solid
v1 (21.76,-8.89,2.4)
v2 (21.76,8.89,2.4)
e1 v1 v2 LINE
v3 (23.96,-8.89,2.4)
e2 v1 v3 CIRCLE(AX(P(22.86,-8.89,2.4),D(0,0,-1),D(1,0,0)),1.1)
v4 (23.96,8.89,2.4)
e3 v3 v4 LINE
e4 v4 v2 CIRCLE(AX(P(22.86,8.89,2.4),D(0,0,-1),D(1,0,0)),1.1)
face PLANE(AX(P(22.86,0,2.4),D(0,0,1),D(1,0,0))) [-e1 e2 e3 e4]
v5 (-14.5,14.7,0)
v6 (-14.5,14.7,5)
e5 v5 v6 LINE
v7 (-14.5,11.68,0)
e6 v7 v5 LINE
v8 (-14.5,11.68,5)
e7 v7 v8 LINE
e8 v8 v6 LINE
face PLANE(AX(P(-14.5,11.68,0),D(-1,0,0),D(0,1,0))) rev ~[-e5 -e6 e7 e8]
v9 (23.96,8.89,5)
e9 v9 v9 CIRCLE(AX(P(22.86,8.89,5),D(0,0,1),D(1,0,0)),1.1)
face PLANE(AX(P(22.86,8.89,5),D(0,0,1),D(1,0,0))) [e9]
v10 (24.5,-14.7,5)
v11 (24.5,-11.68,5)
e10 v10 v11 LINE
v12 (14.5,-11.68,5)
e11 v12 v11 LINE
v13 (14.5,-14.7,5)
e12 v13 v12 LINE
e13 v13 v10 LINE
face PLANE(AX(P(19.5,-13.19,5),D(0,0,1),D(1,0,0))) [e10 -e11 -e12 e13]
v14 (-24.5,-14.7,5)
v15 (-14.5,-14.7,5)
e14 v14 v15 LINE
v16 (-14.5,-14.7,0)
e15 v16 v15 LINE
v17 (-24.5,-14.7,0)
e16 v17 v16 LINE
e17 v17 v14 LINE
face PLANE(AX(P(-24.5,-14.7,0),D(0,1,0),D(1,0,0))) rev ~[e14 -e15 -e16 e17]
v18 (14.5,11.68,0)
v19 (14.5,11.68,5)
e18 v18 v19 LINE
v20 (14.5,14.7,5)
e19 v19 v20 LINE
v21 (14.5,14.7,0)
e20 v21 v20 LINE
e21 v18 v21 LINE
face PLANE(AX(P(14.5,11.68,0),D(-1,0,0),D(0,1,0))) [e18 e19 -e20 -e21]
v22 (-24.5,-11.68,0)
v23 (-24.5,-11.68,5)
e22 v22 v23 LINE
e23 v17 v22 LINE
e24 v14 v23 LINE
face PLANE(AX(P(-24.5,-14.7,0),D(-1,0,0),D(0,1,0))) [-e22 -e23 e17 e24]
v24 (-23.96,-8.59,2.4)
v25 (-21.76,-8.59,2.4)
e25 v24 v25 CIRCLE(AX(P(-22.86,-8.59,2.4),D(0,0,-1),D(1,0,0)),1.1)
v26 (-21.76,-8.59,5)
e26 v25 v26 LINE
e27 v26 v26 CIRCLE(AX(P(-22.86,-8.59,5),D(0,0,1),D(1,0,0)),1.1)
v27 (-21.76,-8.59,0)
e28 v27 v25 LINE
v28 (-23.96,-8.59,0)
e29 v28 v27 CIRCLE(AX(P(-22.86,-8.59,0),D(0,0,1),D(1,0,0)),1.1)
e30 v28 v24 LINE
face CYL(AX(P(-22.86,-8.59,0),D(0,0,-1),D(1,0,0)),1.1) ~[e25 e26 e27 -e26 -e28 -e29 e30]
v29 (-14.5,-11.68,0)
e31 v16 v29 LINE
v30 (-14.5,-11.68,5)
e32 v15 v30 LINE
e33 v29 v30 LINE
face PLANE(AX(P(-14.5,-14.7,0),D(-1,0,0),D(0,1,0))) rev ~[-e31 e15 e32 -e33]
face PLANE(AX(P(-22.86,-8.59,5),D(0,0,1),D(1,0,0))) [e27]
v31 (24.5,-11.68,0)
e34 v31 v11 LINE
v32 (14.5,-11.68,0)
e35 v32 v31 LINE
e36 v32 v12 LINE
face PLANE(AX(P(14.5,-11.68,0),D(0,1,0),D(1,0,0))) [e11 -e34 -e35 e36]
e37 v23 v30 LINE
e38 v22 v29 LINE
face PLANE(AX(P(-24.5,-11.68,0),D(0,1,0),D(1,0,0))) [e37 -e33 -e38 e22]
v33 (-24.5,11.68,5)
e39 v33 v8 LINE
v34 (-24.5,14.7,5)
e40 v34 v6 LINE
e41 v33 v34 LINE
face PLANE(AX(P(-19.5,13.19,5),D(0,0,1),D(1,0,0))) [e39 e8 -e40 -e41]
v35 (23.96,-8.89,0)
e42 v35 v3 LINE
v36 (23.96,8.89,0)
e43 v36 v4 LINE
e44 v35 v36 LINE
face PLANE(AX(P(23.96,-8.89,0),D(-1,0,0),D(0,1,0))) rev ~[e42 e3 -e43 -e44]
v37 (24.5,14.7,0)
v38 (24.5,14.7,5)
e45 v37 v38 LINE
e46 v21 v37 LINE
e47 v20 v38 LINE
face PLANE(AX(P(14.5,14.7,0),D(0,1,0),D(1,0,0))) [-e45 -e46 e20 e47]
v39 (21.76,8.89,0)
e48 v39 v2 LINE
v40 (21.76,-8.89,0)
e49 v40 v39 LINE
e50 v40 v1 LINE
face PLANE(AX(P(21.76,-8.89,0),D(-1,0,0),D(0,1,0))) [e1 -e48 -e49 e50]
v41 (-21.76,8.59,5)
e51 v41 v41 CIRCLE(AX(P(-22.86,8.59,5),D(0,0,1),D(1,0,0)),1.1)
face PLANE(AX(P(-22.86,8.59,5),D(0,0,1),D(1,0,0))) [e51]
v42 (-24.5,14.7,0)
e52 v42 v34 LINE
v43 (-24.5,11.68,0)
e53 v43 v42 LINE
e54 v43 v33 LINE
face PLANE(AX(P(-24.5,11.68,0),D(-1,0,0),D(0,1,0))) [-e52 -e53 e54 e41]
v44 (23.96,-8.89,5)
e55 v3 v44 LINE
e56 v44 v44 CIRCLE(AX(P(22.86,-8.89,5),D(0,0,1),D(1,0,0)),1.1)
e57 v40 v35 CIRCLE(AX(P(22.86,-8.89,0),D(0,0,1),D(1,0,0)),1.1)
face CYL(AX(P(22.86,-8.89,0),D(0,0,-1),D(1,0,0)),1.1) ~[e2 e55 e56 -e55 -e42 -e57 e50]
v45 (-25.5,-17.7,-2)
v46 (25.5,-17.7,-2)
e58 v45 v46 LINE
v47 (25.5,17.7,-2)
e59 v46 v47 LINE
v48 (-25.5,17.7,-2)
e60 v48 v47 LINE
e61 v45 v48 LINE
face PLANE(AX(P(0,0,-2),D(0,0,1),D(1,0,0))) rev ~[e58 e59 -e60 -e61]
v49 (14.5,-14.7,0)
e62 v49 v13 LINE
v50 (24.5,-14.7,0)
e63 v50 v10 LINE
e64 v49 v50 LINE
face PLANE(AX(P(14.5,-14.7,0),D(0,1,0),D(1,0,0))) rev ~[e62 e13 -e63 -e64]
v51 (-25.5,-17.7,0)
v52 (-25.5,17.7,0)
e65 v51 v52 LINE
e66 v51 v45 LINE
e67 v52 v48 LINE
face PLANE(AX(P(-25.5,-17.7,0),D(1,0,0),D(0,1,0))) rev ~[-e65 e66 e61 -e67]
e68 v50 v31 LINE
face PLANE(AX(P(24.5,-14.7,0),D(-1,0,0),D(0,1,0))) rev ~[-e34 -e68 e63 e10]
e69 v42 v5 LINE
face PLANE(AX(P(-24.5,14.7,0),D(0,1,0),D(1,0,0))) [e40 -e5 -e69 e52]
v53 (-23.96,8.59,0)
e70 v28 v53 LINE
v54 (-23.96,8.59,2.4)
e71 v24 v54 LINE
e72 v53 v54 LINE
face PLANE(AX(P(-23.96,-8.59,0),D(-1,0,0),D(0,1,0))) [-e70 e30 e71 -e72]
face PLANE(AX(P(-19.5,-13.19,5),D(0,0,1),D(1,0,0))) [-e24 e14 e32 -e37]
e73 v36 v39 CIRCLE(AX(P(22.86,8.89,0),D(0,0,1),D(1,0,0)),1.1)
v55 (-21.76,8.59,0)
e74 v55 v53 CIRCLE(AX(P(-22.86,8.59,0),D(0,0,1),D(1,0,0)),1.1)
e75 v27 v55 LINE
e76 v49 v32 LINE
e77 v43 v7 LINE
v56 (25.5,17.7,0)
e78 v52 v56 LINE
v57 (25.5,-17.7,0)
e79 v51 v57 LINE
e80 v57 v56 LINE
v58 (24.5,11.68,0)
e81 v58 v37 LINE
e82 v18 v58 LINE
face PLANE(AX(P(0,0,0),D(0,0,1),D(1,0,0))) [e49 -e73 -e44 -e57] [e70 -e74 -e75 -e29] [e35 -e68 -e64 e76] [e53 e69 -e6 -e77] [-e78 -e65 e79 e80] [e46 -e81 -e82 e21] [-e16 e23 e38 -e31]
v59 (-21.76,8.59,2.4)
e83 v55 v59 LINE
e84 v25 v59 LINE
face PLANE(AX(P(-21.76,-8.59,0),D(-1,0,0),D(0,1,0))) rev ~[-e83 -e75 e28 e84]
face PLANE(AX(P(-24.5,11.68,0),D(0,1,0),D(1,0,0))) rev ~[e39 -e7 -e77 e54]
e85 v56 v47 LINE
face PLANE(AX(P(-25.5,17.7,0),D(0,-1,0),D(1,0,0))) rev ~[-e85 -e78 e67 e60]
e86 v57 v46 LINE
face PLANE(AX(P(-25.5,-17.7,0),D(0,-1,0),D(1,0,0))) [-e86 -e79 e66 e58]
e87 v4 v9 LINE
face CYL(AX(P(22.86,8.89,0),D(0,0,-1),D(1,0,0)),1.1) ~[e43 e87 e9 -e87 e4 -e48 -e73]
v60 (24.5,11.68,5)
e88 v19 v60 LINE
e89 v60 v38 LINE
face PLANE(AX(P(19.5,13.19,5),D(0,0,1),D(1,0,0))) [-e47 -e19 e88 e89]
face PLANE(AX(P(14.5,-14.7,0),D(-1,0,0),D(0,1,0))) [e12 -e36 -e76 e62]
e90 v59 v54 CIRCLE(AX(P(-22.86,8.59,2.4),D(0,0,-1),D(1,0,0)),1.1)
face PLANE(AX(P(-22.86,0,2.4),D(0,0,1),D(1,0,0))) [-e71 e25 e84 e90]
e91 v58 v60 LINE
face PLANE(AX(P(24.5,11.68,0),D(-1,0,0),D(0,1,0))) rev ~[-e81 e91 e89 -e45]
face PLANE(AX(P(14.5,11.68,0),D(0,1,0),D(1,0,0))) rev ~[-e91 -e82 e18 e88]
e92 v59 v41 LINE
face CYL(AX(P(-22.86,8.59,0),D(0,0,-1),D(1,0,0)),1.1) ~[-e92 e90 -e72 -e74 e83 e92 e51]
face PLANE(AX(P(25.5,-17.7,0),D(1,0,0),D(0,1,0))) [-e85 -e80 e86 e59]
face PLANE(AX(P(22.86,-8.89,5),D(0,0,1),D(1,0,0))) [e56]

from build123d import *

# Parameters (mm, degrees)
SKETCH030_W   = 51
SKETCH030_H   = 35.4
PAD011_DEPTH  = 2
SKETCH031_W   = 2.2
SKETCH031_H   = 17.18
SKETCH031_H_2 = 17.78
PAD012_DEPTH  = 2.4
SKETCH032_R   = 1.1
SKETCH032_W   = 10
SKETCH032_H   = 3.02
PAD013_DEPTH  = 5


with BuildPart() as part:
    # Sketch030 (on DatumPlane) → Pad011 (new body)
    with BuildSketch(Plane.XY):
        Rectangle(SKETCH030_W, SKETCH030_H)
    extrude(amount=-PAD011_DEPTH)

    # Sketch031 (on DatumPlane) → Pad012 (join)
    with BuildSketch(Plane.XY):
        with Locations((-22.86, 0)):
            Rectangle(SKETCH031_W, SKETCH031_H)
        with Locations((22.86, 0)):
            Rectangle(SKETCH031_W, SKETCH031_H_2)
    extrude(amount=PAD012_DEPTH)

    # Sketch032 (on DatumPlane) → Pad013 (join)
    with BuildSketch(Plane.XY):
        with Locations((-22.86, -8.59)):
            Circle(SKETCH032_R)
        with Locations((-22.86, 8.59)):
            Circle(SKETCH032_R)
        with Locations((22.86, 8.89)):
            Circle(SKETCH032_R)
        with Locations((22.86, -8.89)):
            Circle(SKETCH032_R)
        with Locations((-19.5, 13.19)):
            Rectangle(SKETCH032_W, SKETCH032_H)
        with Locations((19.5, 13.19)):
            Rectangle(SKETCH032_W, SKETCH032_H)
        with Locations((-19.5, -13.19)):
            Rectangle(SKETCH032_W, SKETCH032_H)
        with Locations((19.5, -13.19)):
            Rectangle(SKETCH032_W, SKETCH032_H)
    extrude(amount=PAD013_DEPTH)


solid = part.part
